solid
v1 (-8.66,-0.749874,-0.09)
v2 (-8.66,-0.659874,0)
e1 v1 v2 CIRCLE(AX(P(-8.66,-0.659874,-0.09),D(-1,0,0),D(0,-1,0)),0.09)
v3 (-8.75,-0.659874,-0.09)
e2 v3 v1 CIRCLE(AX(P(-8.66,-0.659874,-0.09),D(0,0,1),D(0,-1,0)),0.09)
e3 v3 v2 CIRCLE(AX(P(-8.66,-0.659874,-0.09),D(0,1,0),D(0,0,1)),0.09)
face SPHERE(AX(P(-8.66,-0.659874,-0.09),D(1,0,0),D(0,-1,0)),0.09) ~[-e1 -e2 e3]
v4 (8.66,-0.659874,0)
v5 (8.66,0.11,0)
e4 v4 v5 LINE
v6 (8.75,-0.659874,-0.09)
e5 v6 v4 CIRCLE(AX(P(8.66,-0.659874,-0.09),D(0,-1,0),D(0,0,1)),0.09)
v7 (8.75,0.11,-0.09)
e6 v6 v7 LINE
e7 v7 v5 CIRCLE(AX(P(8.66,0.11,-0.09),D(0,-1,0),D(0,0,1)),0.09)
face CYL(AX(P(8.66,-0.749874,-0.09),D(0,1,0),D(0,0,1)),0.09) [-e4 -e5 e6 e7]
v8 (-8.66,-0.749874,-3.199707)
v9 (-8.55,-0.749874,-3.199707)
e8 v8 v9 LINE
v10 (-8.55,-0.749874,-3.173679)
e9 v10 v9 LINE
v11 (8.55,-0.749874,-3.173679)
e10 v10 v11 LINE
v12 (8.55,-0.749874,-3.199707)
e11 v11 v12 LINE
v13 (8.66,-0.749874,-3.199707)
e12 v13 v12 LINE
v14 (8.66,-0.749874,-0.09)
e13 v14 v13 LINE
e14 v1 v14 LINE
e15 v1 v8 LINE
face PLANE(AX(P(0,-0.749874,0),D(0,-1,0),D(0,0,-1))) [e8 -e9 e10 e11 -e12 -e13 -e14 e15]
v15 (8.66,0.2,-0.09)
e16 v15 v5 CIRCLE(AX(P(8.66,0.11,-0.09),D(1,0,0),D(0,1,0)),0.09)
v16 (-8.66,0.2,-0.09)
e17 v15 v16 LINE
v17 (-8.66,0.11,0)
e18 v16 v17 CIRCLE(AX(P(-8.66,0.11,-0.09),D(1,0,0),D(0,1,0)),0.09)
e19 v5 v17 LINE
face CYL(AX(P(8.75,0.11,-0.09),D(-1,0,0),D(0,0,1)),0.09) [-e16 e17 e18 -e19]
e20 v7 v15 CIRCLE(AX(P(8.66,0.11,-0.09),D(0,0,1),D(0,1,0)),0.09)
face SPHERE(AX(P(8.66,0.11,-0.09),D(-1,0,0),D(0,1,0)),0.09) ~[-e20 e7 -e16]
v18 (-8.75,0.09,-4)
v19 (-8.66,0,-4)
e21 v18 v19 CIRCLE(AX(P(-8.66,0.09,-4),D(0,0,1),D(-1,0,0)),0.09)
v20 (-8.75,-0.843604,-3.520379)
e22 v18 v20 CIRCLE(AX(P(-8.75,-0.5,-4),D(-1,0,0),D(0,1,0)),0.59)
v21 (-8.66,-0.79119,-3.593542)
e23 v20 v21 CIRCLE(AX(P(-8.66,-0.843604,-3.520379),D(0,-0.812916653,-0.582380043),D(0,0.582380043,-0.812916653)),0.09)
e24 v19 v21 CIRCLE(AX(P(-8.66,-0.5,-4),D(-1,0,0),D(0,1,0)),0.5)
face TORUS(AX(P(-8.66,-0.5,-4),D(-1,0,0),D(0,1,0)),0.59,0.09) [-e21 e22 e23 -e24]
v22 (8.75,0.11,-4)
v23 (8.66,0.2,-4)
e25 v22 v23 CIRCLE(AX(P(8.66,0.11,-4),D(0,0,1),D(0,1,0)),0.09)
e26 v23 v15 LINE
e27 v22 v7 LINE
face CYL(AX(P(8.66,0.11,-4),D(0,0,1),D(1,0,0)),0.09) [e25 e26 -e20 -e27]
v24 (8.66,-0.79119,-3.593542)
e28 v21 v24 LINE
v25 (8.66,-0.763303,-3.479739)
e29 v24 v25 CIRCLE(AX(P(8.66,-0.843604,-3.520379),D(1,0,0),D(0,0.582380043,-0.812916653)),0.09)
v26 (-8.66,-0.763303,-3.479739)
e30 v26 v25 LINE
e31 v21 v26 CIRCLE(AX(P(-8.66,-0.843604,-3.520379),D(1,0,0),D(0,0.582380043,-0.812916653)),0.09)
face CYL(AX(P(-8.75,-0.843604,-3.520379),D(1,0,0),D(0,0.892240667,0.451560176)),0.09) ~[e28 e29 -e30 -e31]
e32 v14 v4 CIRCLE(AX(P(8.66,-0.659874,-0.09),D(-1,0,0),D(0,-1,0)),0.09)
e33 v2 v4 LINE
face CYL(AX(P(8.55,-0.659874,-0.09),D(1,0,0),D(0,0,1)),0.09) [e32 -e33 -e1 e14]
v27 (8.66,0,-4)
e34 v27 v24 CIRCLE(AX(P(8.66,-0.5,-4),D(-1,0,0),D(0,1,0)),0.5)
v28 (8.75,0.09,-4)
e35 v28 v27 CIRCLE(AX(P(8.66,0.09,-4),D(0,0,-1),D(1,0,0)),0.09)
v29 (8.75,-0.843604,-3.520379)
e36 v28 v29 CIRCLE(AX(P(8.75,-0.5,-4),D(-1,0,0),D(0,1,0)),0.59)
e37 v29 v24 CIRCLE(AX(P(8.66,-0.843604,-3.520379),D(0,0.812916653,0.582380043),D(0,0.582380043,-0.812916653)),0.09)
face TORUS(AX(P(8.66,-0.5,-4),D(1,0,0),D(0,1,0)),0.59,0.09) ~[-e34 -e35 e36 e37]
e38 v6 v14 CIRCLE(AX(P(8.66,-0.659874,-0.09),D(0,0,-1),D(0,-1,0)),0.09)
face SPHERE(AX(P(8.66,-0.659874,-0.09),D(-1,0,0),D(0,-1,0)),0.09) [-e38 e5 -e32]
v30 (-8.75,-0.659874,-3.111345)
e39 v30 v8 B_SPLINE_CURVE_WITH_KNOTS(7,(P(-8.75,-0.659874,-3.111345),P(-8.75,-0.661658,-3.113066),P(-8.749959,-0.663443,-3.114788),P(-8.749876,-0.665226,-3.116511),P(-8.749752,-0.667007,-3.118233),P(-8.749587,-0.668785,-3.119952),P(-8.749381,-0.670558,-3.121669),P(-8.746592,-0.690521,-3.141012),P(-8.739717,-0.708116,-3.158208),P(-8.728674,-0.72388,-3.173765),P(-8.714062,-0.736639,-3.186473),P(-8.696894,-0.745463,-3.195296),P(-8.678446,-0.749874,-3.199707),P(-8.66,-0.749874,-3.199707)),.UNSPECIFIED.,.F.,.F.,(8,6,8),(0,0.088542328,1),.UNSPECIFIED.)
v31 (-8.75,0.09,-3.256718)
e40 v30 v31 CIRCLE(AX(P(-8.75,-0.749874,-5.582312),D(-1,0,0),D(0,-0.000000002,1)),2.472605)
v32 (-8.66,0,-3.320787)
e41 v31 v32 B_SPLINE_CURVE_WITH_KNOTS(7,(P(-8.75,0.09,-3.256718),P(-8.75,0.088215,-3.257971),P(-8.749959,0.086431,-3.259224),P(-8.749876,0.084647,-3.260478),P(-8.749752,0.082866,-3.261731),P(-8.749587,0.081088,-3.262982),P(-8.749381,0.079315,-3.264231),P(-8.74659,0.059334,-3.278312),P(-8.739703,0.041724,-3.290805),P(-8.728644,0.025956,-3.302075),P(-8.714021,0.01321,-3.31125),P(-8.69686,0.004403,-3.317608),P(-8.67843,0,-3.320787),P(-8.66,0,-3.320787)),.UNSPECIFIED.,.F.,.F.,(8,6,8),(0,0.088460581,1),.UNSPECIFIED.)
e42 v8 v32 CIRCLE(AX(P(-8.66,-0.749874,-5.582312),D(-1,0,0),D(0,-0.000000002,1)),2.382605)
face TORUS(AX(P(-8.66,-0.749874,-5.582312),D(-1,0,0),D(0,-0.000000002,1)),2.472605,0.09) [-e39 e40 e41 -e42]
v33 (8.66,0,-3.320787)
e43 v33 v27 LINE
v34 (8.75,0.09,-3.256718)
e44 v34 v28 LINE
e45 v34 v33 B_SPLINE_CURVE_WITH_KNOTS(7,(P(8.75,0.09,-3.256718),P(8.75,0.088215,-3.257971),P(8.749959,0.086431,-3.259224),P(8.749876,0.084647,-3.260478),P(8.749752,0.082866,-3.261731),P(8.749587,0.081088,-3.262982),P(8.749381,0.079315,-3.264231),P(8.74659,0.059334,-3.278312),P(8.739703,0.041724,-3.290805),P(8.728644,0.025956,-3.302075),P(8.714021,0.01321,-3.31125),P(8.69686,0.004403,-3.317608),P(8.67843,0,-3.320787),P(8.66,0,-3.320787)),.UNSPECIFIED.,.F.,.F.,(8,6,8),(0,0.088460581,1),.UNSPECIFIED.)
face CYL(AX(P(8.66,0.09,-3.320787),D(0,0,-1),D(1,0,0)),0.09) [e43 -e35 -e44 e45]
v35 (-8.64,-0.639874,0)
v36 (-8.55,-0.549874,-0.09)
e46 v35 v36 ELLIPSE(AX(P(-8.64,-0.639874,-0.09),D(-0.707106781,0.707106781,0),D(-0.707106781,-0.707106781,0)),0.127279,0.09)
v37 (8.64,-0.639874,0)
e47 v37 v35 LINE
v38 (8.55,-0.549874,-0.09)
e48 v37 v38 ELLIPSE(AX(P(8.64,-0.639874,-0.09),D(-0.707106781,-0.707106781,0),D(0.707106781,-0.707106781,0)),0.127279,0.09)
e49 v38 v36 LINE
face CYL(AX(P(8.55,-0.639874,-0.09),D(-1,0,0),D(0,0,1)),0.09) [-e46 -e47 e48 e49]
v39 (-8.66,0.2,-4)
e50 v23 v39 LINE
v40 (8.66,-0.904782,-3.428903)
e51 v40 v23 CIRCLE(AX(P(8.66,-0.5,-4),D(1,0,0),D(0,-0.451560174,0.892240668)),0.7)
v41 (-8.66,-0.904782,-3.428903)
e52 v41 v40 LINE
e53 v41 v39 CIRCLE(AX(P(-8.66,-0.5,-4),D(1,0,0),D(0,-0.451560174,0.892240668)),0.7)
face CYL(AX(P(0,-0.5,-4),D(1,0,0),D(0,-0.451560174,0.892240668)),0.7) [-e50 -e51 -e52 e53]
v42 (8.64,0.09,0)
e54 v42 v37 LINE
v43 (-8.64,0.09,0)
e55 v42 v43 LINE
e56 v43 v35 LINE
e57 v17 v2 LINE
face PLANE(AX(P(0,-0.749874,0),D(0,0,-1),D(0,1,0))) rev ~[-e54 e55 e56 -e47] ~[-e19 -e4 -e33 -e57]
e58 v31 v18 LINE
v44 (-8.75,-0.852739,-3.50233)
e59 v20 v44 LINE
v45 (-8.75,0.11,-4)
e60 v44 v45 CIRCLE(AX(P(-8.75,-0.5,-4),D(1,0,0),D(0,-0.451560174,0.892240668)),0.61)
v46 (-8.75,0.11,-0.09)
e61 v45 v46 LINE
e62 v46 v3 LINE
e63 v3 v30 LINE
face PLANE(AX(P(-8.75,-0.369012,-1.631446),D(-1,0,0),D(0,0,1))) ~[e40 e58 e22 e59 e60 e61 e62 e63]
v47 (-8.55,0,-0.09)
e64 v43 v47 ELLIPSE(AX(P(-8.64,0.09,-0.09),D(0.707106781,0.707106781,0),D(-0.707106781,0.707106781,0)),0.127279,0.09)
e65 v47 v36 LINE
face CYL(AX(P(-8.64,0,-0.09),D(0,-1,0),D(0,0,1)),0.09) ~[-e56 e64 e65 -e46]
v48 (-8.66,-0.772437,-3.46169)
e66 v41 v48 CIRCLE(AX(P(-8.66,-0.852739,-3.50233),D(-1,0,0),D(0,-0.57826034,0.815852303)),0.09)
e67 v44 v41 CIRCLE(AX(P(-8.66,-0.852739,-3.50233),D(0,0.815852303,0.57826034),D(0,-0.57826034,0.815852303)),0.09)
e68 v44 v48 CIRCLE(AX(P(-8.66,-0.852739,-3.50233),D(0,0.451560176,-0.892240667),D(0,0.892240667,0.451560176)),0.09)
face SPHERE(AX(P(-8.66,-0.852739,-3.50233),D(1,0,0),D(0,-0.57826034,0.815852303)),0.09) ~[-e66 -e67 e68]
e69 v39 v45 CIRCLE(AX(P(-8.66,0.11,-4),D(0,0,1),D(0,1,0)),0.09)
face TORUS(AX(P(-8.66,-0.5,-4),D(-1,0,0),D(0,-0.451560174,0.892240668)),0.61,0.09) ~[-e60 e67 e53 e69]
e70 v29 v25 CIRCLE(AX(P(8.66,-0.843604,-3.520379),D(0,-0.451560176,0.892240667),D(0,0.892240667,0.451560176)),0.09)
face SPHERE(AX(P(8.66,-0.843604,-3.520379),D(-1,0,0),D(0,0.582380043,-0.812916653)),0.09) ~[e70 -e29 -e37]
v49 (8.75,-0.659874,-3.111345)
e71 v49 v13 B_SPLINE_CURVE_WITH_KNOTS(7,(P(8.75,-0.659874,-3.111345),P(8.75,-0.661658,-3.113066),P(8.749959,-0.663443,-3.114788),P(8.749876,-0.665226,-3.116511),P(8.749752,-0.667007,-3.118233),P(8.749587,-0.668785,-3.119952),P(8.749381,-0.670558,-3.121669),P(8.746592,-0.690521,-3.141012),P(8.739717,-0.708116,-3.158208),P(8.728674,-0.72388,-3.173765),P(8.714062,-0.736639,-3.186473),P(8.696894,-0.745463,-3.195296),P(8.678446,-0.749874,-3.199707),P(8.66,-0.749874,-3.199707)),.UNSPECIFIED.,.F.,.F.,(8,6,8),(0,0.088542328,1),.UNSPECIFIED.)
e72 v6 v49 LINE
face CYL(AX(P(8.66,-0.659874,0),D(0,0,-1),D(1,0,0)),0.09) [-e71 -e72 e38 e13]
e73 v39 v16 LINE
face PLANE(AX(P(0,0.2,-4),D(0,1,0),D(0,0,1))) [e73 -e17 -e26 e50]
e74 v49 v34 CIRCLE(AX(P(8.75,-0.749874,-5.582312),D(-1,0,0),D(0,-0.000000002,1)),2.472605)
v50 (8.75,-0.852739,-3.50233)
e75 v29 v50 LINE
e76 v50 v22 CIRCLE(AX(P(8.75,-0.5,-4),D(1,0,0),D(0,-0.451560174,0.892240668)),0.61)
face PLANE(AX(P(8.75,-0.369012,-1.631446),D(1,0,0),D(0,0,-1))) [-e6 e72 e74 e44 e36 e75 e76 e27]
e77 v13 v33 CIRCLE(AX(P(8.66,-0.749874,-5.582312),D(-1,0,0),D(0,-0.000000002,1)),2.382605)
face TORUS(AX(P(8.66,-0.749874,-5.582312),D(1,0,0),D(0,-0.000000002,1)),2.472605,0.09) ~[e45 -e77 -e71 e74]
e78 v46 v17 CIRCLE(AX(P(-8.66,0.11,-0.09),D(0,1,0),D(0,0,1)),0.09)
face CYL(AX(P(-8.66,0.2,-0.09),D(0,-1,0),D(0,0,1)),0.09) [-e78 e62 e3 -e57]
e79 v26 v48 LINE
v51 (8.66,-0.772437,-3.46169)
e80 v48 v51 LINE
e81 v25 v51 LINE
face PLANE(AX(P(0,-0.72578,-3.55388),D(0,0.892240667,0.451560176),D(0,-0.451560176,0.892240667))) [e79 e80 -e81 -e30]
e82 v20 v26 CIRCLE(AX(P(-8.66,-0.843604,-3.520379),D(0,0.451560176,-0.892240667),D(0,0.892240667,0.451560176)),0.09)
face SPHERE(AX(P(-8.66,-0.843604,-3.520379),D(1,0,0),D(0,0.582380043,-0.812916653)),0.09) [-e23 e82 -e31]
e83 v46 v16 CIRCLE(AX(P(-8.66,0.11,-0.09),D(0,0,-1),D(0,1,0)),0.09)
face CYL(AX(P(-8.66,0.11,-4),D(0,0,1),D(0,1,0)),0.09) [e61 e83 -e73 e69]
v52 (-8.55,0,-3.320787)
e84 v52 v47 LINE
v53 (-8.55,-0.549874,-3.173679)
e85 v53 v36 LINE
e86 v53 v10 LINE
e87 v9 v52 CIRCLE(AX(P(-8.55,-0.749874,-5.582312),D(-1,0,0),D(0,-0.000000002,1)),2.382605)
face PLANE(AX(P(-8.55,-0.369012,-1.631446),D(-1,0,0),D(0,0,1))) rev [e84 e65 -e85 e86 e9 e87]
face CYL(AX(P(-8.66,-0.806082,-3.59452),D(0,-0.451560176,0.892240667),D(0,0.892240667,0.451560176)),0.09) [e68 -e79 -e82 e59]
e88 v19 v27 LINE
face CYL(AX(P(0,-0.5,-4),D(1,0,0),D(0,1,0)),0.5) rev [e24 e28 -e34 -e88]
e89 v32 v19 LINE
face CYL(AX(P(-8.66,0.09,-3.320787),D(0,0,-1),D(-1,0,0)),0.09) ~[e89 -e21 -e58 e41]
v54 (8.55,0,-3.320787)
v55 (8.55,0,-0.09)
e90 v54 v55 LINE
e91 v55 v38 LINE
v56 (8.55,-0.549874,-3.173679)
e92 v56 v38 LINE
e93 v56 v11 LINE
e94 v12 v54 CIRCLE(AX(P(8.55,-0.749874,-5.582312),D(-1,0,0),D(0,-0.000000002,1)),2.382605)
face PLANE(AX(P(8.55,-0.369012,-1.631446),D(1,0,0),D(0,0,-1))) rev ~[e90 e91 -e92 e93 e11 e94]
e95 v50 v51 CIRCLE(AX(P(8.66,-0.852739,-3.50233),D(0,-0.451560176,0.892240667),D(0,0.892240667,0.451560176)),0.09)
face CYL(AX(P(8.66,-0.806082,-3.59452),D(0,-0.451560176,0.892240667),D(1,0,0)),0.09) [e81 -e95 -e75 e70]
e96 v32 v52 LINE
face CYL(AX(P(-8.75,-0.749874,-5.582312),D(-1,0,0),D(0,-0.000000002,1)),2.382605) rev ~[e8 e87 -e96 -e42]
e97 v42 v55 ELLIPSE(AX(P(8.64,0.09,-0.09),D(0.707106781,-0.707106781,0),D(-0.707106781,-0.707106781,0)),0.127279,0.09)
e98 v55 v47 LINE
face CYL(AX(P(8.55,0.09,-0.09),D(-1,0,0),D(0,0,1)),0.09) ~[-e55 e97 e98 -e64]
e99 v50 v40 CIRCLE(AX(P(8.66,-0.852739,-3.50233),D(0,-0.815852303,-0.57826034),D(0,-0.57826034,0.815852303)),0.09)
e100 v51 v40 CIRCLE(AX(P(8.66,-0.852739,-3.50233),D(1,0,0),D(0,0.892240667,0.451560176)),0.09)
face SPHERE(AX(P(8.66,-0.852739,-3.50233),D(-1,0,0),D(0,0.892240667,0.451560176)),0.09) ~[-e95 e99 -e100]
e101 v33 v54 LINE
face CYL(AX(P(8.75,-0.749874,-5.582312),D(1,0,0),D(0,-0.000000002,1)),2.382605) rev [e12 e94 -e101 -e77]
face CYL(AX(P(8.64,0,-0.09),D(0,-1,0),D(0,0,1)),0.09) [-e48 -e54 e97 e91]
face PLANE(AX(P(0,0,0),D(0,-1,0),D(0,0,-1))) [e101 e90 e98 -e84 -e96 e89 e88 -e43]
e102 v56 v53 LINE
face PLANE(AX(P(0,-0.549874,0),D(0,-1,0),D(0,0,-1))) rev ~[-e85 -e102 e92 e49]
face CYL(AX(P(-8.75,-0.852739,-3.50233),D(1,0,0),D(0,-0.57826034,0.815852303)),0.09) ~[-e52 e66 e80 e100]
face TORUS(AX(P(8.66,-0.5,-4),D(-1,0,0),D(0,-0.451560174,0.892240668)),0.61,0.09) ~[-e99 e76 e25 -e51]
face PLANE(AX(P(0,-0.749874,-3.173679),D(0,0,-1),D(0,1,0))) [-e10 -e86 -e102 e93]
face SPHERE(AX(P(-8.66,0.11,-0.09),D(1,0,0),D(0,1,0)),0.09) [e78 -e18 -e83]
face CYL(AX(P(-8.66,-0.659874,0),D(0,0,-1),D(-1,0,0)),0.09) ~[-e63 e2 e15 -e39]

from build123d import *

# Parameters (mm, degrees)
BOSS_EXTRUDE1_DEPTH             = 8.75
BOSS_EXTRUDE2_DEPTH             = 0.2
BOSS_EXTRUDE3_REACH             = 12.005
SKETCH4_W                       = 3.173679441
SKETCH4_H                       = 0.2
BOSS_EXTRUDE3_DIRECTION_2_REACH = 12.005
FILLET1_R                       = 0.09


with BuildPart() as part:
    # Sketch2 → Boss-Extrude1 (new, symmetric)
    with BuildSketch(Plane(origin=(0, 0, 0), x_dir=(0, 0, -1), z_dir=(1, 0, 0))):
        with BuildLine():
            Line((0, 0), (4, 0))
            ThreePointArc((4, 0), (4.425963639, -0.761830056), (3.553879666, -0.725780087))
            Line((3.553879666, -0.725780087), (3.375431533, -0.816092122))
            ThreePointArc((3.375431533, -0.816092122), (4.596349095, -0.866562078), (4, 0.2))
            Line((4, 0.2), (0, 0.2))
            Line((0, 0.2), (0, 0))
        make_face()
    extrude(amount=BOSS_EXTRUDE1_DEPTH, both=True)

    # Sketch3 → Boss-Extrude2 (add)
    with BuildSketch(Plane(origin=(8.75, 0, 0), x_dir=(0, 0, -1), z_dir=(1, 0, 0))):
        with BuildLine():
            Line((0, 0), (0, -0.749873542))
            Line((0, -0.749873542), (3.199706895, -0.749873542))
            ThreePointArc((3.199706895, -0.749873542), (3.230171613, -0.370080622), (3.320786706, 0))
            Line((3.320786706, 0), (0, 0))
        make_face()
    boss_extrude2 = extrude(amount=-BOSS_EXTRUDE2_DEPTH)

    # Mirror1: Boss-Extrude2 across plane
    add(boss_extrude2.mirror(Plane(origin=(0, 0, 0), x_dir=(0, 0, 1), z_dir=(1, 0, 0))))

    # Boss-Extrude3: up to this face of the body (flat: up to its plane)
    boss_extrude3_end = Plane(part.part.faces().sort_by_distance((8.55, -0.372613624, -1.620023342))[0])
    # Sketch4 → Boss-Extrude3 (add, up to the picked face)
    with BuildSketch(Plane(origin=(0, 0, 0), x_dir=(0, 0, -1), z_dir=(1, 0, 0)), mode=Mode.PRIVATE) as boss_extrude3_sk1:
        with Locations((1.58683972, -0.649873542)):
            Rectangle(SKETCH4_W, SKETCH4_H)
    boss_extrude3_tool1 = split(extrude(boss_extrude3_sk1.sketch, amount=BOSS_EXTRUDE3_REACH, mode=Mode.PRIVATE), bisect_by=boss_extrude3_end, keep=Keep.BOTH, mode=Mode.PRIVATE)
    add(boss_extrude3_tool1.solids().sort_by(Axis((0, -0.649874, -1.58684), (1, 0, 0)))[0])

    # Boss-Extrude3 direction 2: up to this face of the body (flat: up to its plane)
    boss_extrude3_direction_2_end = Plane(part.part.faces().sort_by_distance((-8.55, -0.372613624, -1.620023342))[0])
    # Sketch4 → Boss-Extrude3 direction 2 (add, up to the picked face)
    with BuildSketch(Plane(origin=(0, 0, 0), x_dir=(0, 0, -1), z_dir=(1, 0, 0)), mode=Mode.PRIVATE) as boss_extrude3_direction_2_sk1:
        with Locations((1.58683972, -0.649873542)):
            Rectangle(SKETCH4_W, SKETCH4_H)
    boss_extrude3_direction_2_tool1 = split(extrude(boss_extrude3_direction_2_sk1.sketch, amount=-BOSS_EXTRUDE3_DIRECTION_2_REACH, mode=Mode.PRIVATE), bisect_by=boss_extrude3_direction_2_end, keep=Keep.BOTH, mode=Mode.PRIVATE)
    add(boss_extrude3_direction_2_tool1.solids().sort_by(Axis((0, -0.649874, -1.58684), (-1, 0, 0)))[0])

    # Fillet1
    fillet1_edges = [part.edges().sort_by_distance(p)[0] for p in [
        (0, 0.2, 0),
        (0, -0.816092122, -3.375431533),
        (0, -0.725780087, -3.553879666),
        (8.75, -0.761830056, -4.425963639),
        (8.75, -0.770936105, -3.4646556),
        (8.75, 0, -3.660393353),
        (0, 0, 0),
        (8.75, -0.866562078, -4.596349095),
        (8.55, -0.274936771, 0),
        (0, -0.749873542, 0),
        (8.75, -0.749873542, -1.599853447),
        (8.75, -0.370080622, -3.230171613),
        (8.75, 0.2, -2),
        (-8.75, 0, -3.660393353),
        (-8.75, -0.749873542, -1.599853447),
        (-8.75, -0.370080622, -3.230171613),
        (-8.55, -0.274936771, 0),
        (0, -0.549873542, 0),
        (8.75, -0.274936771, 0),
        (-8.75, 0.2, -2),
        (-8.75, -0.866562078, -4.596349095),
        (-8.75, -0.770936105, -3.4646556),
        (-8.75, -0.761830056, -4.425963639),
        (-8.75, -0.274936771, 0),
    ]]
    fillet(fillet1_edges, radius=FILLET1_R)


solid = part.part
